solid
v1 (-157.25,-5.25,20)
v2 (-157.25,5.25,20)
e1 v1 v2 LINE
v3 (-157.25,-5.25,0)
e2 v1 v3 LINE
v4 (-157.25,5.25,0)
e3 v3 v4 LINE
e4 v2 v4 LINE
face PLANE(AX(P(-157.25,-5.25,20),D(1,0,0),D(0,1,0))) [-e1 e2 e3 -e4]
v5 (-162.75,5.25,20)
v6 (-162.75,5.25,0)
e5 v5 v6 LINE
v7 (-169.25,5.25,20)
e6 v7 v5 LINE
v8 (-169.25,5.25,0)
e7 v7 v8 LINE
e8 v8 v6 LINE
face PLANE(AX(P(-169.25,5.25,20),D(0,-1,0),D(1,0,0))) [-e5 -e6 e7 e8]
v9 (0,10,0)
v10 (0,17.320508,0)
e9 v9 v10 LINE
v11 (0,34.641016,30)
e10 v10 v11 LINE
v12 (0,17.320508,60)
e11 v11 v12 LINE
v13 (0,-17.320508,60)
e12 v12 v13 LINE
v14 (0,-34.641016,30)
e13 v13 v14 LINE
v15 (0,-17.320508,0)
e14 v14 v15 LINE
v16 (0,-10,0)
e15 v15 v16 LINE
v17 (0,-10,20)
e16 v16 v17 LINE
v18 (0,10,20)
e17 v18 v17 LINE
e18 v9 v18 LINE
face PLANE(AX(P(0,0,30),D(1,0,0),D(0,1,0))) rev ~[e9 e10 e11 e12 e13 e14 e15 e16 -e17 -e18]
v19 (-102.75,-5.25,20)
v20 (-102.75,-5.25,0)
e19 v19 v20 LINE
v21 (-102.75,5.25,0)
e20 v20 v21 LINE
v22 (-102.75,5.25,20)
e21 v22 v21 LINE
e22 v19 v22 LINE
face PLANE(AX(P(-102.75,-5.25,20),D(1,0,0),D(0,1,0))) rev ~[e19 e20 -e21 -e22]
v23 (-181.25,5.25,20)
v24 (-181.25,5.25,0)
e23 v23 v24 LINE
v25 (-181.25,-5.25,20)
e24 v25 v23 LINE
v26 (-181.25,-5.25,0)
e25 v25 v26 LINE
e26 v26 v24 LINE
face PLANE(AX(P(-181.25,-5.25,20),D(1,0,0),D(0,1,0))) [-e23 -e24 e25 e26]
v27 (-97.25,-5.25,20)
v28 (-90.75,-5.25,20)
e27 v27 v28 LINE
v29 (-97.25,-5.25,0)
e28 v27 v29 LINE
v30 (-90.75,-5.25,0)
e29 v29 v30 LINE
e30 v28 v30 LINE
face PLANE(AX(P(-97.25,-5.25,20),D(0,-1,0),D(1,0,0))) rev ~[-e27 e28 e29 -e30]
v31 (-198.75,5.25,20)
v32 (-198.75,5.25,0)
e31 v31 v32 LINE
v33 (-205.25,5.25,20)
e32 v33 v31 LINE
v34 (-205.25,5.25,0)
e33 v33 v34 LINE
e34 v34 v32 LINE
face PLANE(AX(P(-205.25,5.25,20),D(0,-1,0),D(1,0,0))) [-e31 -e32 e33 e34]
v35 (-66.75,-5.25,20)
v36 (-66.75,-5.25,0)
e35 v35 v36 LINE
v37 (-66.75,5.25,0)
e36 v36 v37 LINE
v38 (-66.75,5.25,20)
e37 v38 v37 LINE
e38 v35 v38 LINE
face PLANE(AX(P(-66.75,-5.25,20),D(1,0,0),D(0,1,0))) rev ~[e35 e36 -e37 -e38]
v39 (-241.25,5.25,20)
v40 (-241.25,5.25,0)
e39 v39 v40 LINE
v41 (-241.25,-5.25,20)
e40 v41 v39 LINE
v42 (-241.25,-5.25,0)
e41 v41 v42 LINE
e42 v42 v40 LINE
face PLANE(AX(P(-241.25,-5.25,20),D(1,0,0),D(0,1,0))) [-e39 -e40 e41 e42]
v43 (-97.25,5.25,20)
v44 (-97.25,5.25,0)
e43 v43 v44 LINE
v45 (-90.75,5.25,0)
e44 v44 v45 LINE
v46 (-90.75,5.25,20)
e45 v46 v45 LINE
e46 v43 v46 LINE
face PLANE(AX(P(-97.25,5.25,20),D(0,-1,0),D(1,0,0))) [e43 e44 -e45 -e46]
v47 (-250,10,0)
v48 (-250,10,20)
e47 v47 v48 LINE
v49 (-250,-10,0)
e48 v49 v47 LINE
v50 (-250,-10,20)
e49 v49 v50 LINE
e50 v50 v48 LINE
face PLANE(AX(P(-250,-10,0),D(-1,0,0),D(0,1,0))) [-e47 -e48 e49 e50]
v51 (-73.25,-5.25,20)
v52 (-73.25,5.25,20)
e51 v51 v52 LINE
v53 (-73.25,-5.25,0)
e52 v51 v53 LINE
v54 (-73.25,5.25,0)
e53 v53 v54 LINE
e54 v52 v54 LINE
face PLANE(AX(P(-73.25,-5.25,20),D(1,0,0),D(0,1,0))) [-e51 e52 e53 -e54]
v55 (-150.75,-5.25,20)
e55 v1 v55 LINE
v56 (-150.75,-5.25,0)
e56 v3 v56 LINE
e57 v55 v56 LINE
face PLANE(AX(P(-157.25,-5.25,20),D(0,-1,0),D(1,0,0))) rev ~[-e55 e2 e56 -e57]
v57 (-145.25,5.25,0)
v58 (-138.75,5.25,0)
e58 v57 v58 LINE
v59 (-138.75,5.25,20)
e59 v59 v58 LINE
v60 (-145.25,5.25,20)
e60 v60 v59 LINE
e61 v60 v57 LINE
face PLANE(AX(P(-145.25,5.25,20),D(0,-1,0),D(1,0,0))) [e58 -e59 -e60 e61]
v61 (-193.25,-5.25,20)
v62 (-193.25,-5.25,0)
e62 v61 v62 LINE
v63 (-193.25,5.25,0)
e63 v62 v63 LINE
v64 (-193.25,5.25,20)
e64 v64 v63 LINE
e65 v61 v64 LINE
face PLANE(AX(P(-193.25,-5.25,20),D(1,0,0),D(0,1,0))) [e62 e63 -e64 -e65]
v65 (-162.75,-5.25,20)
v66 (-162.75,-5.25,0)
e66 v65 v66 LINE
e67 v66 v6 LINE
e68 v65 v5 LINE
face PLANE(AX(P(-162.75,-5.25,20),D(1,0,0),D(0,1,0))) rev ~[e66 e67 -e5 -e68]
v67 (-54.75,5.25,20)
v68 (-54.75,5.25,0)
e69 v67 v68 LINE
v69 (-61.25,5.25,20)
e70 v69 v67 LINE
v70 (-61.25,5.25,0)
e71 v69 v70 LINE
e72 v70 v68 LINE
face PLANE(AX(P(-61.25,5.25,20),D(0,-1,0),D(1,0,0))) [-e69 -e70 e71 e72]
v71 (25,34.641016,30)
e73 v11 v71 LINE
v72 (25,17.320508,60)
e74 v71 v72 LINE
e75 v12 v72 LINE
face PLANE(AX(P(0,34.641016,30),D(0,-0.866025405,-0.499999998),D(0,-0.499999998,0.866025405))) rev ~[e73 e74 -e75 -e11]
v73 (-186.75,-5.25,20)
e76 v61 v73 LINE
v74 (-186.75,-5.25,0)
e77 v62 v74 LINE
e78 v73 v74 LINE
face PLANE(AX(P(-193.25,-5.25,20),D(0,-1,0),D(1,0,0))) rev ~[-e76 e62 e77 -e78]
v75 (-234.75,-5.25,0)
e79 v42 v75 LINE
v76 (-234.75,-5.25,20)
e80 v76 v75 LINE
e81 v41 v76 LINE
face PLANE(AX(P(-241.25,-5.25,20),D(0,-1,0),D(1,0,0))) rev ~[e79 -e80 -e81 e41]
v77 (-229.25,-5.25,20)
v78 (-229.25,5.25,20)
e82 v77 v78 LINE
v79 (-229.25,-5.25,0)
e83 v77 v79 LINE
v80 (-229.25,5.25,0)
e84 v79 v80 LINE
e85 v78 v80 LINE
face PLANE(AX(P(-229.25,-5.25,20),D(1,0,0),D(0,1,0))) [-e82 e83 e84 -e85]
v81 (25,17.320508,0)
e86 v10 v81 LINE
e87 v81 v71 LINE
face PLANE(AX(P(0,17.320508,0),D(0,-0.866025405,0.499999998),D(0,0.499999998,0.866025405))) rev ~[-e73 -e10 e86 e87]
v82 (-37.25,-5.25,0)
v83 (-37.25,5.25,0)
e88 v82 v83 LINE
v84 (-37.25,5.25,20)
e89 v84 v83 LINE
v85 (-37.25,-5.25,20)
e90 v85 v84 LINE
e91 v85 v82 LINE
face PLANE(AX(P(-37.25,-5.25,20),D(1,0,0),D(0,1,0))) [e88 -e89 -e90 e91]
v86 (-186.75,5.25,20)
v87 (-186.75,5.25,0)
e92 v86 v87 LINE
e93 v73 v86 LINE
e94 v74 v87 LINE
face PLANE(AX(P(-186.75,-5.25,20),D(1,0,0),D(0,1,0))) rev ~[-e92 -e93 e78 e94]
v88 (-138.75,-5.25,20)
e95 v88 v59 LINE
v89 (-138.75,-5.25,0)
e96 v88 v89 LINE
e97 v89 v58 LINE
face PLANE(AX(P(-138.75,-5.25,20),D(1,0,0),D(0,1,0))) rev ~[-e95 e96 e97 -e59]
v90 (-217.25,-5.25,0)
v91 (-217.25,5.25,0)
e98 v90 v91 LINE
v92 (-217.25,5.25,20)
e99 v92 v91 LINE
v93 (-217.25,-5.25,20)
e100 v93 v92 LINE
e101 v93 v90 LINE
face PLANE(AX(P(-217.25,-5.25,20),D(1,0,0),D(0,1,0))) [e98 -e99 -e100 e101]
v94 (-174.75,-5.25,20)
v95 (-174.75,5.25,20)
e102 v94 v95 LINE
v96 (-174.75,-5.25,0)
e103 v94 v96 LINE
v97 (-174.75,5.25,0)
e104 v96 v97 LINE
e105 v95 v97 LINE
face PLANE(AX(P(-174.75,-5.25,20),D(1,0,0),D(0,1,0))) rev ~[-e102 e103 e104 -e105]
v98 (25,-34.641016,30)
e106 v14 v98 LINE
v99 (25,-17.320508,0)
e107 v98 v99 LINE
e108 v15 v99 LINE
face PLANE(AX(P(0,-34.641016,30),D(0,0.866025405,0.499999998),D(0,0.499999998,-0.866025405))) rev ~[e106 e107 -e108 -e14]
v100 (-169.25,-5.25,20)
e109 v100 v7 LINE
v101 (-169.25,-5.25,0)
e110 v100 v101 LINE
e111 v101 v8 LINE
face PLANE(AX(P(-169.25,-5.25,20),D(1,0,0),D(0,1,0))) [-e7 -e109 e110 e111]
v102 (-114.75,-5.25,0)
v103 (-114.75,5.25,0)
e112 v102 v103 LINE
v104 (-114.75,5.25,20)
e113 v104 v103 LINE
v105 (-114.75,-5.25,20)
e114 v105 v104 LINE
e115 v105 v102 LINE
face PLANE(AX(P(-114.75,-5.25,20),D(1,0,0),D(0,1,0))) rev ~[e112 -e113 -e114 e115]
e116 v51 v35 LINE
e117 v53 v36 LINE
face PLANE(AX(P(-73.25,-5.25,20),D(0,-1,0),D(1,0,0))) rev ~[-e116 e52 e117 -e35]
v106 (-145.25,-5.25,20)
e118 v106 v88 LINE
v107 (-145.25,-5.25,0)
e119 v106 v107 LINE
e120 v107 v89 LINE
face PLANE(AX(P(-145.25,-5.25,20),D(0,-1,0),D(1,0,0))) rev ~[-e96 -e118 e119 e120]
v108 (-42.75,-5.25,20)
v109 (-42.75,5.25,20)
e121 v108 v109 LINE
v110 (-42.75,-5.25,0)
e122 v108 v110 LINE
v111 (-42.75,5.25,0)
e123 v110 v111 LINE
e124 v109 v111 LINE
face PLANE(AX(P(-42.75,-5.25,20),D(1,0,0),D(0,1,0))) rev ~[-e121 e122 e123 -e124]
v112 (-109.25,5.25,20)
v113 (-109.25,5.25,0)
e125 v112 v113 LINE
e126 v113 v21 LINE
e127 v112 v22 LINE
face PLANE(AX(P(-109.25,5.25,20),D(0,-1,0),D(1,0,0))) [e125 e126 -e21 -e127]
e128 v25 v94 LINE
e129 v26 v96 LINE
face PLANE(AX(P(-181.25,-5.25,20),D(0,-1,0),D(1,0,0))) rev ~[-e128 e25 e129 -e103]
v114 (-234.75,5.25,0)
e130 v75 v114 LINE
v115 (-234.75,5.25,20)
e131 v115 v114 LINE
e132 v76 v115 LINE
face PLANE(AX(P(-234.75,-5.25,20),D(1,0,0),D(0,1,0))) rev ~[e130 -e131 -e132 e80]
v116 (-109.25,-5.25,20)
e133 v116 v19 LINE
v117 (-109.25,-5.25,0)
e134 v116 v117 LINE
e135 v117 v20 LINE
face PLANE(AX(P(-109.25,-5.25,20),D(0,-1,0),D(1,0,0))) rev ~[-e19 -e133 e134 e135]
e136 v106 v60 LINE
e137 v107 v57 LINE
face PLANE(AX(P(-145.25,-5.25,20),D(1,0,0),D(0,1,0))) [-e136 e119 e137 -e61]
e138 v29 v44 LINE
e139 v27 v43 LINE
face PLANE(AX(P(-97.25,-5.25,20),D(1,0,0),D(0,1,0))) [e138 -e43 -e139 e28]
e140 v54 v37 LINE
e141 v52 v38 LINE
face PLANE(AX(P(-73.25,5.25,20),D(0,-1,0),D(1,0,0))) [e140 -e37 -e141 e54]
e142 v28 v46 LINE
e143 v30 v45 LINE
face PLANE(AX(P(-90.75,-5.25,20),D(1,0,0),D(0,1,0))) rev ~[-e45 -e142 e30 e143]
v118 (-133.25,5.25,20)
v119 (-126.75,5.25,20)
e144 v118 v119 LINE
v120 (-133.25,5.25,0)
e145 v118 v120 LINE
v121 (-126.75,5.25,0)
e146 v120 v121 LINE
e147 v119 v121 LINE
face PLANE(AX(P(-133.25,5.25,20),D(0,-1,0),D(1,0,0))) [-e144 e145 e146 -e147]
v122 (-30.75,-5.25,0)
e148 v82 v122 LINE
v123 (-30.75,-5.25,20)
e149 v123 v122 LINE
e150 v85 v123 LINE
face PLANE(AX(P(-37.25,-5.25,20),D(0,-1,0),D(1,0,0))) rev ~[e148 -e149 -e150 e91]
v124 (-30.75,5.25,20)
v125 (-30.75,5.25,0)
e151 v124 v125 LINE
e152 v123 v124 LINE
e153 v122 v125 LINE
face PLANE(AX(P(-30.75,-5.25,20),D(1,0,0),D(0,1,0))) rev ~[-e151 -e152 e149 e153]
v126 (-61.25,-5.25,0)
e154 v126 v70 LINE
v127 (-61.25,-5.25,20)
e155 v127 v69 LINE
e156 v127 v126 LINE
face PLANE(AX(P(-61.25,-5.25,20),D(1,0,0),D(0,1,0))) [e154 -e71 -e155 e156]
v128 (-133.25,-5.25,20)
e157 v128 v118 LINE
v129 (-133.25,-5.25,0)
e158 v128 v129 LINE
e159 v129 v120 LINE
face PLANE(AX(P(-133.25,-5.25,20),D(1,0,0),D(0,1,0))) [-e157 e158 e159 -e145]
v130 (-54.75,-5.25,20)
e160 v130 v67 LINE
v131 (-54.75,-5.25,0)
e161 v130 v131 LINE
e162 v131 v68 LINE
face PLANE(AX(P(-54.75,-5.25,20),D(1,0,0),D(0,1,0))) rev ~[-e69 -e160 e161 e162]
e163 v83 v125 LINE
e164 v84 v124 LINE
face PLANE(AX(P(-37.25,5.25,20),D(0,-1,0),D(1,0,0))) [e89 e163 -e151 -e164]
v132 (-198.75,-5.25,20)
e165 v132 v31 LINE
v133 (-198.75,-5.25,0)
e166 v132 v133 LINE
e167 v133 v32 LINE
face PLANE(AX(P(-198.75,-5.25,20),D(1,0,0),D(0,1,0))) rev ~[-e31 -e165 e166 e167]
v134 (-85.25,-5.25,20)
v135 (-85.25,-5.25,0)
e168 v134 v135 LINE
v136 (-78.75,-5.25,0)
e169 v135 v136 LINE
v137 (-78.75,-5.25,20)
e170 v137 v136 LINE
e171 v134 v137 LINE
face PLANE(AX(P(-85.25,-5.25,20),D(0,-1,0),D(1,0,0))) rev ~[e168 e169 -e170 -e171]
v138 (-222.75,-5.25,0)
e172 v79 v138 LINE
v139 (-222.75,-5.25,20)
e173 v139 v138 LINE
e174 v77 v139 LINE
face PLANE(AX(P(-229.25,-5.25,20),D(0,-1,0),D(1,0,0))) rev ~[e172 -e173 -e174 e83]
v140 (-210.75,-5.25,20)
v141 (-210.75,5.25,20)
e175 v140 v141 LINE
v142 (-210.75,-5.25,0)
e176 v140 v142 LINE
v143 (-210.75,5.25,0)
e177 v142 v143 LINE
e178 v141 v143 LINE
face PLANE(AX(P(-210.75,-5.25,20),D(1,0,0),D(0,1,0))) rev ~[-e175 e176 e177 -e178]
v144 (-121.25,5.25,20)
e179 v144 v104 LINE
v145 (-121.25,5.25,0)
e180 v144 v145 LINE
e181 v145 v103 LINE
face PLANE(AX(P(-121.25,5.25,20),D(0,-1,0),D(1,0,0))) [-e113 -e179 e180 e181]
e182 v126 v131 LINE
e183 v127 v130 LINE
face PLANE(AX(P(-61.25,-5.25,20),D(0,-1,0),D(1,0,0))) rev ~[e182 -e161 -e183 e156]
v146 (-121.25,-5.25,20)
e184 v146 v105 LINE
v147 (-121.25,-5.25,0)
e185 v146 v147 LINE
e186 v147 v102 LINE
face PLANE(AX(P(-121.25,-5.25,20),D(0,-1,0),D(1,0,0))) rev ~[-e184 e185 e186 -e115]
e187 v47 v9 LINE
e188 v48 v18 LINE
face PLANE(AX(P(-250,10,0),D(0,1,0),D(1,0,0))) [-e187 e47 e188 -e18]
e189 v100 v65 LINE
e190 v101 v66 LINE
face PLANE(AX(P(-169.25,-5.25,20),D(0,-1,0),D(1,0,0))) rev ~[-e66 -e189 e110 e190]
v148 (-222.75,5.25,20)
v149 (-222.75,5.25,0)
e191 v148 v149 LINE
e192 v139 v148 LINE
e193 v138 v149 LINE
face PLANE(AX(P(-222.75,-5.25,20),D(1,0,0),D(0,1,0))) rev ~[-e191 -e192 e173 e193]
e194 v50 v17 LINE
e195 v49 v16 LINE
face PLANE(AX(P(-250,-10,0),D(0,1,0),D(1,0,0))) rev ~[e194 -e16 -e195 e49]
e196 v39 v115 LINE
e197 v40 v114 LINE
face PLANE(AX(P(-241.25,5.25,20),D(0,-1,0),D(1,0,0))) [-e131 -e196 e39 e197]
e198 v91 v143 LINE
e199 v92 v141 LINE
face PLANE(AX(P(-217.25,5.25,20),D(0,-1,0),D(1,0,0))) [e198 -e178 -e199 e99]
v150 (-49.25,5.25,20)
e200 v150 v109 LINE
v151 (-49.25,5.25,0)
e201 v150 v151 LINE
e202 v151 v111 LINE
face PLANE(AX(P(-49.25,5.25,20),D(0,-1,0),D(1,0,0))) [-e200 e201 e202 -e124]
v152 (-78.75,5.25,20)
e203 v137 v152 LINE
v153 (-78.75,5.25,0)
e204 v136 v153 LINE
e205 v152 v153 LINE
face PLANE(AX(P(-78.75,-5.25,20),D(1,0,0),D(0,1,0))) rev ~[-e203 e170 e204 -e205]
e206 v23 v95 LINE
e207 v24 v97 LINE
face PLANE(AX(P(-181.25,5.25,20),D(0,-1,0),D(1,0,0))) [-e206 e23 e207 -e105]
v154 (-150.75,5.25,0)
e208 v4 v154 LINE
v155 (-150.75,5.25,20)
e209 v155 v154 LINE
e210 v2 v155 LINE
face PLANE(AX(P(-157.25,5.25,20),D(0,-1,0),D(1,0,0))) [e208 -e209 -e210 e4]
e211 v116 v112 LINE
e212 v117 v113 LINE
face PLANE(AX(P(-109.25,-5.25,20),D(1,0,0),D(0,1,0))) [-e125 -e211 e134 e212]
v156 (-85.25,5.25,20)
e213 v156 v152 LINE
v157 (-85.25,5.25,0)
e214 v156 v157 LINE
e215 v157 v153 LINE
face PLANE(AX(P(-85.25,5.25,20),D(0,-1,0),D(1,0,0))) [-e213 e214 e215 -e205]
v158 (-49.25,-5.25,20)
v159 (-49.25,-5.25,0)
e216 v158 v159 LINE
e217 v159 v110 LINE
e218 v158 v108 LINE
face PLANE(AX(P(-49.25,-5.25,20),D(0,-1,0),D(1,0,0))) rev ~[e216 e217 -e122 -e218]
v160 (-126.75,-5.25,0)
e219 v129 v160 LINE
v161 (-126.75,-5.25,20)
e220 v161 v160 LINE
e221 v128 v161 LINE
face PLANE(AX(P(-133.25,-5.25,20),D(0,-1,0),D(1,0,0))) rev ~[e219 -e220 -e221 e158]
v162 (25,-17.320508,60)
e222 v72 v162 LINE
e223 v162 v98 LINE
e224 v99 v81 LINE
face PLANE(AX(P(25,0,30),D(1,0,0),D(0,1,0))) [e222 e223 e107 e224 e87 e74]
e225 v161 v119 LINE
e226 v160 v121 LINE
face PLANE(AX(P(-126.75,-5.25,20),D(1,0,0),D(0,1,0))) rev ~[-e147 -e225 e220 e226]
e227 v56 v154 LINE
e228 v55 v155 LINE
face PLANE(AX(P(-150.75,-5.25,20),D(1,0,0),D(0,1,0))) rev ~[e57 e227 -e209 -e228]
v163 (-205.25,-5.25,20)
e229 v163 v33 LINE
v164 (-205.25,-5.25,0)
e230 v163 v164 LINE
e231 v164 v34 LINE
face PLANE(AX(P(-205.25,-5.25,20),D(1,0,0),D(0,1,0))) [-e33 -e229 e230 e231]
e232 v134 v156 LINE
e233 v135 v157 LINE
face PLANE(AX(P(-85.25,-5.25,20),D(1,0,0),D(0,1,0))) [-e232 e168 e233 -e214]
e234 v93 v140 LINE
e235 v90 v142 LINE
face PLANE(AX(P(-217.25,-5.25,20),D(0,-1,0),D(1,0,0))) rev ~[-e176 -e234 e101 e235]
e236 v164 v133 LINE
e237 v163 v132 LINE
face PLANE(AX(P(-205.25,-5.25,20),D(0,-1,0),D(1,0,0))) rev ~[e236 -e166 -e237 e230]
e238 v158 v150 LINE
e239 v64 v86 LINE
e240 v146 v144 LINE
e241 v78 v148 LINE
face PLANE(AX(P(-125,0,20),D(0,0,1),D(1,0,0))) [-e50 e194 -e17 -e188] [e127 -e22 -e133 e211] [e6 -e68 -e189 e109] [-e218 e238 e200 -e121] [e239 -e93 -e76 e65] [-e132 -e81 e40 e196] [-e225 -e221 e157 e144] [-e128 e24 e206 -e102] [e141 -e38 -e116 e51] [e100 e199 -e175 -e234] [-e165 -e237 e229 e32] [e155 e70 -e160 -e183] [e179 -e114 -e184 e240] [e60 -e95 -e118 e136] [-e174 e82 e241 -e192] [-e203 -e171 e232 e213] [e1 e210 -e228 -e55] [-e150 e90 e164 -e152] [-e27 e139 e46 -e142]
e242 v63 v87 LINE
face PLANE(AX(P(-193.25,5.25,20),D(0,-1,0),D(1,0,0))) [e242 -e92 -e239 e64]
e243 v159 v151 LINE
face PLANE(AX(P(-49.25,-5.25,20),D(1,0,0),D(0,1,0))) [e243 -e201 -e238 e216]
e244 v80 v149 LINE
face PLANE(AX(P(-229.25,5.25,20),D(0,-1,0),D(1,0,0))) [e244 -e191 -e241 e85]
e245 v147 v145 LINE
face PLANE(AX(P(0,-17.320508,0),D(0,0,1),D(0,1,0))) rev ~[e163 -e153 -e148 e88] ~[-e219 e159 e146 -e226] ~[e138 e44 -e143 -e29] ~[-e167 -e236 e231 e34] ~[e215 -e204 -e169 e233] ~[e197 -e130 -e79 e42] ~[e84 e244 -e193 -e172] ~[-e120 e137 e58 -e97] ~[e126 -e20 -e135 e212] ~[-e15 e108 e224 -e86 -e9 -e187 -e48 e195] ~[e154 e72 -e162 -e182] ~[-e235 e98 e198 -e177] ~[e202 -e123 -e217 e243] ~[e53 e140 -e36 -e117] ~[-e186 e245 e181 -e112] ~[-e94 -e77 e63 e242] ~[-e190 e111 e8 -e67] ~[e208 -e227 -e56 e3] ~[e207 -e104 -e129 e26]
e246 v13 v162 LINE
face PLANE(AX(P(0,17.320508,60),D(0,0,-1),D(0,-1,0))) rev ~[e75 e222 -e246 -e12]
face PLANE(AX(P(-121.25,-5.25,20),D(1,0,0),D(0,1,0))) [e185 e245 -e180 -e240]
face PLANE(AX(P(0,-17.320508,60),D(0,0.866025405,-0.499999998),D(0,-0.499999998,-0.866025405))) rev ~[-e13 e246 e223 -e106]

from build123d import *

# Parameters (mm, degrees)
F1_DEPTH = 25
F2_W     = 250
F2_H     = 20
F3_DEPTH = 20
F4_W     = 6.5
F4_H     = 10.5
F5_DEPTH = 100
F6_W     = 28.428983
F6_H     = 14.421839
F7_DEPTH = 20


with BuildPart() as f1:
    # F0 (on Right) → F1 (new body)
    with BuildSketch(Plane.YZ):
        Polygon((-17.320508, 0), (17.320508, 0), (34.641016, 30), (17.320508, 60), (-17.320508, 60), (-34.641016, 30), align=None)
    extrude(amount=F1_DEPTH)

    # F2 (on Top) → F3 (join)
    with BuildSketch(Plane.XY):
        with Locations((-125, 0)):
            Rectangle(F2_W, F2_H)
    extrude(amount=F3_DEPTH)

    # F4 (on face) → F5 (cut)
    with BuildSketch(Plane.XY.offset(20)):
        with Locations((-10, 0)):
            Rectangle(F4_W, F4_H)
        with Locations((-22, 0)):
            Rectangle(F4_W, F4_H)
        with Locations((-34, 0)):
            Rectangle(F4_W, F4_H)
        with Locations((-46, 0)):
            Rectangle(F4_W, F4_H)
        with Locations((-58, 0)):
            Rectangle(F4_W, F4_H)
        with Locations((-70, 0)):
            Rectangle(F4_W, F4_H)
        with Locations((-82, 0)):
            Rectangle(F4_W, F4_H)
        with Locations((-94, 0)):
            Rectangle(F4_W, F4_H)
        with Locations((-106, 0)):
            Rectangle(F4_W, F4_H)
        with Locations((-118, 0)):
            Rectangle(F4_W, F4_H)
        with Locations((-130, 0)):
            Rectangle(F4_W, F4_H)
        with Locations((-142, 0)):
            Rectangle(F4_W, F4_H)
        with Locations((-154, 0)):
            Rectangle(F4_W, F4_H)
        with Locations((-166, 0)):
            Rectangle(F4_W, F4_H)
        with Locations((-178, 0)):
            Rectangle(F4_W, F4_H)
        with Locations((-190, 0)):
            Rectangle(F4_W, F4_H)
        with Locations((-202, 0)):
            Rectangle(F4_W, F4_H)
        with Locations((-214, 0)):
            Rectangle(F4_W, F4_H)
        with Locations((-226, 0)):
            Rectangle(F4_W, F4_H)
        with Locations((-238, 0)):
            Rectangle(F4_W, F4_H)
    extrude(amount=-F5_DEPTH, mode=Mode.SUBTRACT)

    # F6 (on Top) → F7 (join)
    with BuildSketch(Plane.XY):
        with Locations((-14.214491, 0.158192)):
            Rectangle(F6_W, F6_H)
    extrude(amount=F7_DEPTH)


solid = f1.part
